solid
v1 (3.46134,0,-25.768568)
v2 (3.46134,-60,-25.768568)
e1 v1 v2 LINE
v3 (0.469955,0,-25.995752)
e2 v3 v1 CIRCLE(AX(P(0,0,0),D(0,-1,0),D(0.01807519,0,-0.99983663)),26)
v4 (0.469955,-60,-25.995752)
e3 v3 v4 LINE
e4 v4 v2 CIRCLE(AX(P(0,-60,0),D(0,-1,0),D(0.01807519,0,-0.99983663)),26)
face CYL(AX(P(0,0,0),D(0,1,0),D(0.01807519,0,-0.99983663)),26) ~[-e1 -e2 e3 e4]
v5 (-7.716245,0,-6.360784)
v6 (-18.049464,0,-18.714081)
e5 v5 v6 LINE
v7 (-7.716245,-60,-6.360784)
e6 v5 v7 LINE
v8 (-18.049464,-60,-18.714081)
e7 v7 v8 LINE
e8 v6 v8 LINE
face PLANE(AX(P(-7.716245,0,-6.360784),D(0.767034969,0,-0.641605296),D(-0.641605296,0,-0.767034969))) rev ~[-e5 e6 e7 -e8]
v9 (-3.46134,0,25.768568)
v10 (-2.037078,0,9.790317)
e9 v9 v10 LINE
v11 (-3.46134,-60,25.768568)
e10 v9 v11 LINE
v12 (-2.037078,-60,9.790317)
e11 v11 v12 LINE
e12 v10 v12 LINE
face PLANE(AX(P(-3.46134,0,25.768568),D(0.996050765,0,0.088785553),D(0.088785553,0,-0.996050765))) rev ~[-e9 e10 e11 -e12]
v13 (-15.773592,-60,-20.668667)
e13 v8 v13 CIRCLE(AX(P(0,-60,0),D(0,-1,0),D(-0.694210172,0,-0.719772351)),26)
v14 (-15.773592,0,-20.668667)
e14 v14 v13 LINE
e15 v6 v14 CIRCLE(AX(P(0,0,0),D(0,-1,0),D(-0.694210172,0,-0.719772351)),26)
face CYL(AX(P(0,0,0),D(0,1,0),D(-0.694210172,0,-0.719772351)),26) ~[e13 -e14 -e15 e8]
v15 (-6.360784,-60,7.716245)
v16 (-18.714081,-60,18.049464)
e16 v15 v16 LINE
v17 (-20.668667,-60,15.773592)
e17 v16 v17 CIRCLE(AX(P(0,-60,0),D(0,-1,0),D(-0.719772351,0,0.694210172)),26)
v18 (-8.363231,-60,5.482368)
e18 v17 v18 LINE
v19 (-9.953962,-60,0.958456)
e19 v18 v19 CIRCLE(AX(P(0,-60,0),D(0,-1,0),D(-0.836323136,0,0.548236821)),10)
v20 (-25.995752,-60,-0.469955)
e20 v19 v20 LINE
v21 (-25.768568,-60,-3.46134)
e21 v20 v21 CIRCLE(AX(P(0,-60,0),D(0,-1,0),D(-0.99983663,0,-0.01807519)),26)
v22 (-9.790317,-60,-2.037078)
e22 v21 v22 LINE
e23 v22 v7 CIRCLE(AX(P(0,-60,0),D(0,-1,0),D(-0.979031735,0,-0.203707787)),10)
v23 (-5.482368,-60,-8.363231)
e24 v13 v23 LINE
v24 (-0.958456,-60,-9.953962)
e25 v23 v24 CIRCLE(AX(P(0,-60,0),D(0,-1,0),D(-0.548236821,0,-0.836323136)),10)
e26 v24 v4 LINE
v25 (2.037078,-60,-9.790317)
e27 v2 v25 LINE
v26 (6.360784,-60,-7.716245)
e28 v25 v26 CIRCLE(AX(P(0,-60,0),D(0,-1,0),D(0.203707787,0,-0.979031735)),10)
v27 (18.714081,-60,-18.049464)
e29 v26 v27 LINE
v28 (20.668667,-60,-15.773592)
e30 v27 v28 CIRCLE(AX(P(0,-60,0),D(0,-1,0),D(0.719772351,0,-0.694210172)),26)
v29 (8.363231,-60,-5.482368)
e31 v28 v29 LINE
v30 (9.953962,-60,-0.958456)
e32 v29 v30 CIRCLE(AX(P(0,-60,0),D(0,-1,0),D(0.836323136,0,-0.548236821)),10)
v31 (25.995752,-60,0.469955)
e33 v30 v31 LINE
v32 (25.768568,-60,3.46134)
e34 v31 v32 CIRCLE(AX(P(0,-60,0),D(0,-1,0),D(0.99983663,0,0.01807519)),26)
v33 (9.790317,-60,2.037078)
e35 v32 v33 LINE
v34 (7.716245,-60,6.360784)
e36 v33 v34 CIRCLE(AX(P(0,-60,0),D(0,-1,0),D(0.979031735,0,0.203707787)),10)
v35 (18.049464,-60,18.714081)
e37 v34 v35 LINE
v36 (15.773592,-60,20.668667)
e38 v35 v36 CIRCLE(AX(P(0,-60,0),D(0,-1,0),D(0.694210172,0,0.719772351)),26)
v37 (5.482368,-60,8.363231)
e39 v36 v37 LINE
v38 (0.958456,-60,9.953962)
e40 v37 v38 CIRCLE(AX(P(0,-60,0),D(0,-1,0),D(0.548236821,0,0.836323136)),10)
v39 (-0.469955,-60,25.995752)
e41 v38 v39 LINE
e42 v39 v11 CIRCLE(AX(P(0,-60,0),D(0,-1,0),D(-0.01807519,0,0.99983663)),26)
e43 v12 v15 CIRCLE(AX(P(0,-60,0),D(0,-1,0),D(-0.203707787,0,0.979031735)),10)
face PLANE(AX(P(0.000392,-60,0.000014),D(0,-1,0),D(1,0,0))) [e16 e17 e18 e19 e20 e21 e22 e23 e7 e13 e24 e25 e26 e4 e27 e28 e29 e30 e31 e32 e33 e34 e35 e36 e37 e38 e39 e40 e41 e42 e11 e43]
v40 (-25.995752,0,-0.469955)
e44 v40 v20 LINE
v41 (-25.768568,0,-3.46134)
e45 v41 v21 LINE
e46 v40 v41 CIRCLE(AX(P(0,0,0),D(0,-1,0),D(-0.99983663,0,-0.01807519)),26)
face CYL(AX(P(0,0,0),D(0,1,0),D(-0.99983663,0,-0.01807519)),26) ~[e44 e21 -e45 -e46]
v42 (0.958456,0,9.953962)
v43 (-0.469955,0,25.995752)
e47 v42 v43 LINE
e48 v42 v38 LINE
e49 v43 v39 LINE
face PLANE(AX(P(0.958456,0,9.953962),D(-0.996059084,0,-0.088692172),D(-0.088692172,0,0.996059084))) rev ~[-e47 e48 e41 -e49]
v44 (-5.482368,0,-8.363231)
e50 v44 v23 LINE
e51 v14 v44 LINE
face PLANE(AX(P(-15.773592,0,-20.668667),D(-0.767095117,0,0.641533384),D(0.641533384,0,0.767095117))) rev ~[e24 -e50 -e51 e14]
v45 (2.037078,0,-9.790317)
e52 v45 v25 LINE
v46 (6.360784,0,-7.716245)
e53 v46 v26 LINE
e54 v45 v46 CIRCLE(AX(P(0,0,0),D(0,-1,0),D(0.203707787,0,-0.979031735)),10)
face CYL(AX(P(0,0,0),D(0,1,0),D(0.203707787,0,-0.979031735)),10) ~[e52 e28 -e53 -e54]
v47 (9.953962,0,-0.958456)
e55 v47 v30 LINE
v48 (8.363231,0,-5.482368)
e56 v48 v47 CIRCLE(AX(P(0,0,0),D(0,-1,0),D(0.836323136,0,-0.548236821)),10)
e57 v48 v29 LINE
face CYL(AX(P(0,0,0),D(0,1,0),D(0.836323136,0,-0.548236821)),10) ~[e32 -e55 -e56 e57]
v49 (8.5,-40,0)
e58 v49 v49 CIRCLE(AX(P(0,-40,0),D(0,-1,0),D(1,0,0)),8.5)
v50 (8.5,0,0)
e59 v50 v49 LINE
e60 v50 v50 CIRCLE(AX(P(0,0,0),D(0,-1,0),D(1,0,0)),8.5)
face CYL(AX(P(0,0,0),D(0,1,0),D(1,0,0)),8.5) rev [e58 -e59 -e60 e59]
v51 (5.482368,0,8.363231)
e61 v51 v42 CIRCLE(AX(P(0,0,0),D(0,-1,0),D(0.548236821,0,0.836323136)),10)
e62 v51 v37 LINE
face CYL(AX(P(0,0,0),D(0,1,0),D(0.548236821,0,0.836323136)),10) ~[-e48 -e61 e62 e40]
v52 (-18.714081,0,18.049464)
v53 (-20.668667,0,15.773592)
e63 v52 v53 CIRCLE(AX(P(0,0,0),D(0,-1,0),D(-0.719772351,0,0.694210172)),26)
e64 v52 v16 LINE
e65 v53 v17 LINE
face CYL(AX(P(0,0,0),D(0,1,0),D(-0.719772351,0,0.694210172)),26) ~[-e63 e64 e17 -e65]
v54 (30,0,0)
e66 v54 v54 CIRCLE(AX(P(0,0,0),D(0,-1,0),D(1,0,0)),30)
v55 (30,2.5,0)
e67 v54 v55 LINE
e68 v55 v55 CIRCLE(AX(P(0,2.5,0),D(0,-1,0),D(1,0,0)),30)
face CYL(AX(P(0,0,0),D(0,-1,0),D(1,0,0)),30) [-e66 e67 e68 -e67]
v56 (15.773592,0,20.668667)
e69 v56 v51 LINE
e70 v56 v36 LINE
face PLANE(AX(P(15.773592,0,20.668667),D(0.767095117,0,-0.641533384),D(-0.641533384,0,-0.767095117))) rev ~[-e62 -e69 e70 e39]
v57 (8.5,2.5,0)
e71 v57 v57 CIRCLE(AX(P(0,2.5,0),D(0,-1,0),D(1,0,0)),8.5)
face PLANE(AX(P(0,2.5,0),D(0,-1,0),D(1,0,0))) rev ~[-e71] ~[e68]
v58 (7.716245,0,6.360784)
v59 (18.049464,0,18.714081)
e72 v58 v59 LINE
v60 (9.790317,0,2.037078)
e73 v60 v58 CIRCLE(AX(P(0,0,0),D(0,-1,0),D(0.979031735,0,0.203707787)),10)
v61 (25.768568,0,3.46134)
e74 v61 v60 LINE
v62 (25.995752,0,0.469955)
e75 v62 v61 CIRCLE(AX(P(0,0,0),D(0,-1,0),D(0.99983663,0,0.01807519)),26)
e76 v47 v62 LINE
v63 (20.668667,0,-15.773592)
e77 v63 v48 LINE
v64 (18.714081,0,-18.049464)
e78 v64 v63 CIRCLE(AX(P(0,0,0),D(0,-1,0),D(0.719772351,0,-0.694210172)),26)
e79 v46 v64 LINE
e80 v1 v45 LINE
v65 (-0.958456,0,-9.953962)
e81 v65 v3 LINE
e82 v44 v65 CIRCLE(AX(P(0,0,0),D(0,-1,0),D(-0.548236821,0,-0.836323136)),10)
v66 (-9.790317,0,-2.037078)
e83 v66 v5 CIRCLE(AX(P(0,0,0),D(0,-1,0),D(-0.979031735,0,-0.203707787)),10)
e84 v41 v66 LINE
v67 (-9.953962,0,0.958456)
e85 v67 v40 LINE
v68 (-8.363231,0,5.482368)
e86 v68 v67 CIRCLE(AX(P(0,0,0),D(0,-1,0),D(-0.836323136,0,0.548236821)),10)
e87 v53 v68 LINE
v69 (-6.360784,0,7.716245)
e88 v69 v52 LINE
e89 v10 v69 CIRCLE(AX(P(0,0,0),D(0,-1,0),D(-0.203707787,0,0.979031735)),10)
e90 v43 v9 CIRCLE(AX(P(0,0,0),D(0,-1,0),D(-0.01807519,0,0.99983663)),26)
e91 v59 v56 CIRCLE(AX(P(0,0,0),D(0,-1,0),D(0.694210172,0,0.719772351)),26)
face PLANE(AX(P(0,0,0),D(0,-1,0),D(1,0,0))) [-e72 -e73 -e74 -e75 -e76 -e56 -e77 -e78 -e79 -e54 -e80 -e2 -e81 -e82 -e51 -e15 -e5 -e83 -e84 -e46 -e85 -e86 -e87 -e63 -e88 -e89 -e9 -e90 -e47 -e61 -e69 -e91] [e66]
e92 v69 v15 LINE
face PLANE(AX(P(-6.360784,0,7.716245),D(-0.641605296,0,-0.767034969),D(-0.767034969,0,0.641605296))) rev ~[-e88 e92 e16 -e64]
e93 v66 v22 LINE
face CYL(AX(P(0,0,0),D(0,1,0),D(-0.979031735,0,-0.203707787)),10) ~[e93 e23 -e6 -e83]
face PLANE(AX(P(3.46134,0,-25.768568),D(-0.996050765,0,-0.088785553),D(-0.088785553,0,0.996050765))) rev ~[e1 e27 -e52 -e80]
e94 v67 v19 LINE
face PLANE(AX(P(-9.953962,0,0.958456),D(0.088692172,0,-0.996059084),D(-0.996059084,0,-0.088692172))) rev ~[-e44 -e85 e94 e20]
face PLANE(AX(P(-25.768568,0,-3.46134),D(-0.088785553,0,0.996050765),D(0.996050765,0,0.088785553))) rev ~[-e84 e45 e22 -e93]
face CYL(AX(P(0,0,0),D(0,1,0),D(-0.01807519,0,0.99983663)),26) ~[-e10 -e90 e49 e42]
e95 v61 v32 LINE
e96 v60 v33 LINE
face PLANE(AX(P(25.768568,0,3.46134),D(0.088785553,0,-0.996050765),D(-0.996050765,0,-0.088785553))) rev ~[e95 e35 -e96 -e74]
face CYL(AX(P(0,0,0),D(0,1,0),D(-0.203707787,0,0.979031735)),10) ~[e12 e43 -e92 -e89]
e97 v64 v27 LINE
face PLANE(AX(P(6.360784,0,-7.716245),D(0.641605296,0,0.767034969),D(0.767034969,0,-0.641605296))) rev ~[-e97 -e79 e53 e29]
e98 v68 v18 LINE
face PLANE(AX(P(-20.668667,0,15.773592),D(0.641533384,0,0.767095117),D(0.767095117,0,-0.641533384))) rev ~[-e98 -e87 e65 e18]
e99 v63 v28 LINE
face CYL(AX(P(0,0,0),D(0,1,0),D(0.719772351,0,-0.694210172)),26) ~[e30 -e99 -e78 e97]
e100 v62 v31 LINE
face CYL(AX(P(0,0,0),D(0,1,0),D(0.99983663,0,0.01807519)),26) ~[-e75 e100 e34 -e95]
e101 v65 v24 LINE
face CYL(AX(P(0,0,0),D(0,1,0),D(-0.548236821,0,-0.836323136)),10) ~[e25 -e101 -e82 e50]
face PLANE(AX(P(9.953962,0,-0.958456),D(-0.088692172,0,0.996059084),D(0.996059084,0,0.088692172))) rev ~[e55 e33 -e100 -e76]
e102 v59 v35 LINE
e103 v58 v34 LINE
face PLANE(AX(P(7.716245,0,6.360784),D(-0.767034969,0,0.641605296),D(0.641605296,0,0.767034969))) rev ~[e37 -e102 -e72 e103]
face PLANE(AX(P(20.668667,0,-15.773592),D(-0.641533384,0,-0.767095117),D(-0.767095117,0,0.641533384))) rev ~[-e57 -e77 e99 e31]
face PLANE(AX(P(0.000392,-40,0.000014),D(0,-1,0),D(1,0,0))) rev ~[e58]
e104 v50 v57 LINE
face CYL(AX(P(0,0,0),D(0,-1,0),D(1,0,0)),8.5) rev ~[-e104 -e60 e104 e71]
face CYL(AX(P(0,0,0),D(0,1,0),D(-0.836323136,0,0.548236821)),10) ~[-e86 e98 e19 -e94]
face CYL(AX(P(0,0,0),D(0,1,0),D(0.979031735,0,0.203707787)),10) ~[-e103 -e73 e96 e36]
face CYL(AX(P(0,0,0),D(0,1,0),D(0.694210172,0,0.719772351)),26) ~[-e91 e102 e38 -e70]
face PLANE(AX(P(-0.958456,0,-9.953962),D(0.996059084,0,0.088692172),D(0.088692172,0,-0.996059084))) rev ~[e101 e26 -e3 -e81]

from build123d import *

# Parameters (mm, degrees)
F0_R     = 30
F0_R_2   = 8.5
F1_DEPTH = 2.5
F3_DEPTH = 60
F4_DEPTH = 40


with BuildPart() as f1:
    # F0 (on Front) → F1 (new body)
    with BuildSketch(Plane.XZ):
        Circle(F0_R)
        Circle(F0_R_2, mode=Mode.SUBTRACT)
    extrude(amount=-F1_DEPTH)

    # F2 (on Front) → F3 (join)
    with BuildSketch(Plane.XZ):
        with BuildLine():
            ThreePointArc((9.9539621754, -0.9584555339), (9.9884839128, -0.4797802861), (10, 0))
            ThreePointArc((10, 0), (9.9474412154, 1.0239205366), (9.790317347, 2.0370778693))
            ThreePointArc((9.790317347, 2.0370778693), (9.0162927853, 4.3250970404), (7.7162445614, 6.3607837464))
            ThreePointArc((7.7162445614, 6.3607837464), (6.6748253827, 7.4462545021), (5.4823682108, 8.3632313612))
            ThreePointArc((5.4823682108, 8.3632313612), (3.3171763231, 9.4337872163), (0.9584555339, 9.9539621754))
            ThreePointArc((0.9584555339, 9.9539621754), (-0.5454827615, 9.9851113442), (-2.0370778693, 9.790317347))
            ThreePointArc((-2.0370778693, 9.790317347), (-4.3250970404, 9.0162927853), (-6.3607837464, 7.7162445614))
            ThreePointArc((-6.3607837464, 7.7162445614), (-7.4462545021, 6.6748253827), (-8.3632313612, 5.4823682108))
            ThreePointArc((-8.3632313612, 5.4823682108), (-9.4337872163, 3.3171763231), (-9.9539621754, 0.9584555339))
            ThreePointArc((-9.9539621754, 0.9584555339), (-9.9851113442, -0.5454827615), (-9.790317347, -2.0370778693))
            ThreePointArc((-9.790317347, -2.0370778693), (-9.0162927853, -4.3250970404), (-7.7162445614, -6.3607837464))
            ThreePointArc((-7.7162445614, -6.3607837464), (-6.6748253827, -7.4462545021), (-5.4823682108, -8.3632313612))
            ThreePointArc((-5.4823682108, -8.3632313612), (-3.3171763231, -9.4337872163), (-0.9584555339, -9.9539621754))
            ThreePointArc((-0.9584555339, -9.9539621754), (0.5454827615, -9.9851113442), (2.0370778693, -9.790317347))
            ThreePointArc((2.0370778693, -9.790317347), (4.3250970404, -9.0162927853), (6.3607837464, -7.7162445614))
            ThreePointArc((6.3607837464, -7.7162445614), (7.4462545021, -6.6748253827), (8.3632313612, -5.4823682108))
            ThreePointArc((8.3632313612, -5.4823682108), (9.4337872163, -3.3171763231), (9.9539621754, -0.9584555339))
        make_face()
        with BuildLine():
            ThreePointArc((-8.3632313612, 5.4823682108), (-7.4462545021, 6.6748253827), (-6.3607837464, 7.7162445614))
            Line((-6.3607837464, 7.7162445614), (-18.7140811189, 18.0494644761))
            ThreePointArc((-18.7140811189, 18.0494644761), (-19.7242264231, 16.9397429736), (-20.6686668466, 15.7735921965))
            Line((-20.6686668466, 15.7735921965), (-8.3632313612, 5.4823682108))
        make_face()
        with BuildLine():
            Line((-15.7735921965, -20.6686668466), (-5.4823682108, -8.3632313612))
            ThreePointArc((-5.4823682108, -8.3632313612), (-6.6748253827, -7.4462545021), (-7.7162445614, -6.3607837464))
            Line((-7.7162445614, -6.3607837464), (-18.0494644761, -18.7140811189))
            ThreePointArc((-18.0494644761, -18.7140811189), (-16.9397429736, -19.7242264231), (-15.7735921965, -20.6686668466))
        make_face()
        with BuildLine():
            Line((3.4613404795, -25.7685684912), (2.0370778693, -9.790317347))
            ThreePointArc((2.0370778693, -9.790317347), (0.5454827615, -9.9851113442), (-0.9584555339, -9.9539621754))
            Line((-0.9584555339, -9.9539621754), (0.469954935, -25.9957523907))
            ThreePointArc((0.469954935, -25.9957523907), (1.9689271292, -25.9253413856), (3.4613404795, -25.7685684912))
        make_face()
        with BuildLine():
            Line((20.6686668466, -15.7735921965), (8.3632313612, -5.4823682108))
            ThreePointArc((8.3632313612, -5.4823682108), (7.4462545021, -6.6748253827), (6.3607837464, -7.7162445614))
            Line((6.3607837464, -7.7162445614), (18.7140811189, -18.0494644761))
            ThreePointArc((18.7140811189, -18.0494644761), (19.7242264231, -16.9397429736), (20.6686668466, -15.7735921965))
        make_face()
        with BuildLine():
            ThreePointArc((9.790317347, 2.0370778693), (9.9474412154, 1.0239205366), (10, 0))
            ThreePointArc((10, 0), (9.9884839128, -0.4797802861), (9.9539621754, -0.9584555339))
            Line((9.9539621754, -0.9584555339), (25.9957523907, 0.469954935))
            ThreePointArc((25.9957523907, 0.469954935), (25.9253413856, 1.9689271292), (25.7685684912, 3.4613404795))
            Line((25.7685684912, 3.4613404795), (9.790317347, 2.0370778693))
        make_face()
        with BuildLine():
            ThreePointArc((5.4823682108, 8.3632313612), (6.6748253827, 7.4462545021), (7.7162445614, 6.3607837464))
            Line((7.7162445614, 6.3607837464), (18.0494644761, 18.7140811189))
            ThreePointArc((18.0494644761, 18.7140811189), (16.9397429736, 19.7242264231), (15.7735921965, 20.6686668466))
            Line((15.7735921965, 20.6686668466), (5.4823682108, 8.3632313612))
        make_face()
        with BuildLine():
            ThreePointArc((-2.0370778693, 9.790317347), (-0.5454827615, 9.9851113442), (0.9584555339, 9.9539621754))
            Line((0.9584555339, 9.9539621754), (-0.469954935, 25.9957523907))
            ThreePointArc((-0.469954935, 25.9957523907), (-1.9689271292, 25.9253413856), (-3.4613404795, 25.7685684912))
            Line((-3.4613404795, 25.7685684912), (-2.0370778693, 9.790317347))
        make_face()
        with BuildLine():
            ThreePointArc((-9.790317347, -2.0370778693), (-9.9851113442, -0.5454827615), (-9.9539621754, 0.9584555339))
            Line((-9.9539621754, 0.9584555339), (-25.9957523907, -0.469954935))
            ThreePointArc((-25.9957523907, -0.469954935), (-25.9253413856, -1.9689271292), (-25.7685684912, -3.4613404795))
            Line((-25.7685684912, -3.4613404795), (-9.790317347, -2.0370778693))
        make_face()
    extrude(amount=F3_DEPTH)

    # F4 (cut): a face of the model
    f4_faces = [f1.faces().sort_by_distance(p)[0] for p in [
        (0, 0, 0),
    ]]
    extrude(f4_faces, amount=-F4_DEPTH, mode=Mode.SUBTRACT)


solid = f1.part
